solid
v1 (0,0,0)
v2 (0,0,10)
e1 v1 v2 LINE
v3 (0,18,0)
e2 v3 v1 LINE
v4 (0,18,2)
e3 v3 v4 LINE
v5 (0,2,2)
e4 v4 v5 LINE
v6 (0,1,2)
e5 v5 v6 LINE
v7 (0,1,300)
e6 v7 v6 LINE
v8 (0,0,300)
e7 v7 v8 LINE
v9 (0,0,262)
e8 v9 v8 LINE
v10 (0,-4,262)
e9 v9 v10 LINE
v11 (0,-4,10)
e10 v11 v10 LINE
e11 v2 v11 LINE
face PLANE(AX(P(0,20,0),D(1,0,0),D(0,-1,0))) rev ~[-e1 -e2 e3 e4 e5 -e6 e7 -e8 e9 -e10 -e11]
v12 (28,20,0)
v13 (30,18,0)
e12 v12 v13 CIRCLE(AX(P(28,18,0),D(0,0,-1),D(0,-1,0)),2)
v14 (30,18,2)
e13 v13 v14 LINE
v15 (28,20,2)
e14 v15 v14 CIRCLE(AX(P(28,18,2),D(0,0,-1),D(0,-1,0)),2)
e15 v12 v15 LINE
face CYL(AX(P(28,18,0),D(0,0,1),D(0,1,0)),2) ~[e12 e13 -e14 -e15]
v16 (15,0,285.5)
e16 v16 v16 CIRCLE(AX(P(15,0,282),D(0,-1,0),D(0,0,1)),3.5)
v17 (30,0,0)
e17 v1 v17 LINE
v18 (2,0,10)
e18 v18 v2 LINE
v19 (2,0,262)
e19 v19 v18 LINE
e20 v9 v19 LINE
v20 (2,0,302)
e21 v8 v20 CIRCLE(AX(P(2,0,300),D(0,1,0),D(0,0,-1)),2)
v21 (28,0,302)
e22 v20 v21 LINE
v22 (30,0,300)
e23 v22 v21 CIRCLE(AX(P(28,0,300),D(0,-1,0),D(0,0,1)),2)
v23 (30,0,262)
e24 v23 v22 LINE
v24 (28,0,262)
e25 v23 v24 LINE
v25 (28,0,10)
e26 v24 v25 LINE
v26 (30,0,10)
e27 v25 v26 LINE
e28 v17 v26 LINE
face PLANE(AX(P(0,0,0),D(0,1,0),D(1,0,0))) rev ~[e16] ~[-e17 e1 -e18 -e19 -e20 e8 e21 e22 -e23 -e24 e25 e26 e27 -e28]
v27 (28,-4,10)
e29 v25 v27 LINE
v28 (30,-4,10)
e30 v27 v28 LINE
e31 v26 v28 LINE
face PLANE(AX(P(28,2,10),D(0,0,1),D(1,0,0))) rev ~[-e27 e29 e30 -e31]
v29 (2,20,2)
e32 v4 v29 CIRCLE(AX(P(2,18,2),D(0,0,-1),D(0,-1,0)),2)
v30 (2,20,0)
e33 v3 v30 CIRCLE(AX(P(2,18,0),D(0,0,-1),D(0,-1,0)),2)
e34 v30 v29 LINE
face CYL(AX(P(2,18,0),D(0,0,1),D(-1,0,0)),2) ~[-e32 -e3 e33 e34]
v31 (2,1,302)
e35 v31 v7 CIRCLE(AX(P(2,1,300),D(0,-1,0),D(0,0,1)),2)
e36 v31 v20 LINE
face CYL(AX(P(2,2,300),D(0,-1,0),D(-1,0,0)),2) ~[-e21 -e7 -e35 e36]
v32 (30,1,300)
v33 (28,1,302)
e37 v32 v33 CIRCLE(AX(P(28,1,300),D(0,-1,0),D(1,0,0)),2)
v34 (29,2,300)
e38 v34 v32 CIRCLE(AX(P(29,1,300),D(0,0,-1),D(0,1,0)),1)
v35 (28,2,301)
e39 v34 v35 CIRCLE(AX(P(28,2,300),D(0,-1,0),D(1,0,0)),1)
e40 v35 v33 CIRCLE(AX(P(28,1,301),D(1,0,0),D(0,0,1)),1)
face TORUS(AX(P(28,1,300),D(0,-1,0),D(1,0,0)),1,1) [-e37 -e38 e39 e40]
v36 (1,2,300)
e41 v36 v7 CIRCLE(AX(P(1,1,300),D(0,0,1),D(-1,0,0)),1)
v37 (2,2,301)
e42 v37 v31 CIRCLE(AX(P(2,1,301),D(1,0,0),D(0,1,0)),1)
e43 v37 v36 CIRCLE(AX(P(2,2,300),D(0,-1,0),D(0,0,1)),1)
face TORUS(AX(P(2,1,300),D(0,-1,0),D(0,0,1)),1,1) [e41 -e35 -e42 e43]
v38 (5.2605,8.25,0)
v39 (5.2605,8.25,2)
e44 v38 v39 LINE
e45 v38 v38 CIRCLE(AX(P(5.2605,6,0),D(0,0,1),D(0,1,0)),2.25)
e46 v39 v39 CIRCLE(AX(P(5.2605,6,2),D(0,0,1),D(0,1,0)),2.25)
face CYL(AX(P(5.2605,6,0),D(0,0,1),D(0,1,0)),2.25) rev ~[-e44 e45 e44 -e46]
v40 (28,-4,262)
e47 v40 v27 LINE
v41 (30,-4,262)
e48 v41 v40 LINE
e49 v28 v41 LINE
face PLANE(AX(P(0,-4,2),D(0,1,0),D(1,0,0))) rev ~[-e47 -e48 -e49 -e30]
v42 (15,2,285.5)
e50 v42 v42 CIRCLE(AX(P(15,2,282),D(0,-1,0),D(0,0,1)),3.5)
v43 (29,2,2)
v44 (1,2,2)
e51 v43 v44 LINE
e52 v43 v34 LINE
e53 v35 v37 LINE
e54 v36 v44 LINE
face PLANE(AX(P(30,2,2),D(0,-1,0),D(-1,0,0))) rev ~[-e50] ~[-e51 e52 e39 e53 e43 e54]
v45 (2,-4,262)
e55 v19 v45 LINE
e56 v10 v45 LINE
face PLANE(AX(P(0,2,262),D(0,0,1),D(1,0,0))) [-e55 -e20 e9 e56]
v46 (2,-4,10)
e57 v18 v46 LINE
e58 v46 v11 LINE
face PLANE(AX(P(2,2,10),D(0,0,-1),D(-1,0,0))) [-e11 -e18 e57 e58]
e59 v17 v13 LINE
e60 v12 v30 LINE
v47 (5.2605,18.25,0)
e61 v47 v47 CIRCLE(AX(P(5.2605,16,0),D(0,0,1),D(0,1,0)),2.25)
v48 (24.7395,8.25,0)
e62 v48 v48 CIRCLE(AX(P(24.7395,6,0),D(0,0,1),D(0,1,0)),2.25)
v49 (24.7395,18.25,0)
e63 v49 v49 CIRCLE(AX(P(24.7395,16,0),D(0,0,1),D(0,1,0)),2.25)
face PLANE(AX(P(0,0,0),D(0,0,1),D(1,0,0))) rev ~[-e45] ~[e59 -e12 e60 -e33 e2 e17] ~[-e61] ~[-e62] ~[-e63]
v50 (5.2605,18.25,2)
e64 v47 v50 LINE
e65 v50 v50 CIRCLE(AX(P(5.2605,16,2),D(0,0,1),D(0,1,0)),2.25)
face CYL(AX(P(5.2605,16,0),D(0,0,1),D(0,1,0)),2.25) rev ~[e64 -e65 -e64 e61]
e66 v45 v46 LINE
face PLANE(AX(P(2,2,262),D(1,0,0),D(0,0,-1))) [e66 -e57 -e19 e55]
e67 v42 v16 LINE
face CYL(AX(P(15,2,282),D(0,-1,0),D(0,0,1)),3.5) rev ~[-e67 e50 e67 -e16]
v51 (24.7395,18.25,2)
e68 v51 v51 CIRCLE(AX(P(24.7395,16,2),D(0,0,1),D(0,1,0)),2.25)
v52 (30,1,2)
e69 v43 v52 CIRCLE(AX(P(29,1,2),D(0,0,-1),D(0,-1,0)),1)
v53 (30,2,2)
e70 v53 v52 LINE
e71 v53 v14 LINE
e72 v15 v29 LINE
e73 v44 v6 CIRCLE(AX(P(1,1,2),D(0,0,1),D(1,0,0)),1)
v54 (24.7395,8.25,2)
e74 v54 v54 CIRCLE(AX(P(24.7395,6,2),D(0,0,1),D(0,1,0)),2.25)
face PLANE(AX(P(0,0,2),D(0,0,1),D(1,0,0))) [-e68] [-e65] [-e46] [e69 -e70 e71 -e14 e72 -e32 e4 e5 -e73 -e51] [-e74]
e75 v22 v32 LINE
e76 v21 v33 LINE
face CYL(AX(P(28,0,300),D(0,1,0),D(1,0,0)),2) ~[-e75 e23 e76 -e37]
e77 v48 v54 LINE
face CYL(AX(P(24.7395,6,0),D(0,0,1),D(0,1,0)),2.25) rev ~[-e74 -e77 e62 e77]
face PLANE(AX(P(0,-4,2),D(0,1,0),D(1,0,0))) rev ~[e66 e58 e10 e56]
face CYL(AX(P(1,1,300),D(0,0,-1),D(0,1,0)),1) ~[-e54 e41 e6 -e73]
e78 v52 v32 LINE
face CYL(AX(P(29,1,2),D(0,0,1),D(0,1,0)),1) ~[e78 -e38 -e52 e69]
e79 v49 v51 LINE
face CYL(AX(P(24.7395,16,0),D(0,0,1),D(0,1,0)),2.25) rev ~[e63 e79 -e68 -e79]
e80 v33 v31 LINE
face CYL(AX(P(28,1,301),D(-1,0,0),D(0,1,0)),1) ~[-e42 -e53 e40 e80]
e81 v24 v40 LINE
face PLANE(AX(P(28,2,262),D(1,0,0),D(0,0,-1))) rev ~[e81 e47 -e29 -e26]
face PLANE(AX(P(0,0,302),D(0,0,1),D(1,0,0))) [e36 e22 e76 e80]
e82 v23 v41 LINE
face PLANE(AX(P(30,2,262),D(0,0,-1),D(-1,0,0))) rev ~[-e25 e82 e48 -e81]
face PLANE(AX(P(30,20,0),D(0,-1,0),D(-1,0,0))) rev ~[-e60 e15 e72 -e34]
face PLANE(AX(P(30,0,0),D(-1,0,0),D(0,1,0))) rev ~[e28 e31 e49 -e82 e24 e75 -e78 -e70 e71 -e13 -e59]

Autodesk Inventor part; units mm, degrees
ref_plane "YZ Plane" through (0, 0, 0) normal (1, 0, 0) x (0, 1, 0)
ref_plane "XZ Plane" through (0, 0, 0) normal (0, 1, 0) x (-1, 0, 0)
ref_plane "XY Plane" through (0, 0, 0) normal (0, 0, 1) x (1, 0, 0)
sketch "スケッチ1" plane through (0, 0, 0) normal (0, 0, 1) x (1, 0, 0)
  line L0 (0, 0) -> (30, 0)
  line L1 (30, 0) -> (30, 20)
  line L2 (30, 20) -> (0, 20)
  line L3 (0, 20) -> (0, 0)
  dimension "d0" = 30
  dimension "d1" = 20
extrude "押し出し1" add sketch "スケッチ1" along normal blind 2
sketch "スケッチ2" plane through (0, 0, 2) normal (0, 0, 1) x (1, 0, 0)
  line L0 (0, 20) -> (0, 0) projected
  line L1 (0, 0) -> (30, 0)
  line L2 (30, 0) -> (30, 2)
  line L3 (30, 2) -> (0, 2)
  line L4 (0, 2) -> (0, 0)
  dimension "d4" = 2
extrude "押し出し2" add sketch "スケッチ2" along normal blind 300
fillet "フィレット1" radius 2 4 edges at (30, 20, 1) (0, 20, 1) (30, 1, 302) (0, 1, 302)
sketch "スケッチ3" plane through (0, 0, 0) normal (0, 0, -1) x (-1, 0, 0)
  line L0 (-28, 20) -> (-2, 20) projected
  line L1 (-15, 20) -> (-15, 0)
  line L2 (-2, 0) -> (-28, 0) projected
  point P0 (0, 0)
  point P1 (-24.7395, 16)
  point P2 (-5.2605, 16)
  point P3 (-24.7395, 6)
  point P4 (-5.2605, 6)
  dimension "d8" = 4
  dimension "d9" = 10
hole "穴1" at (24.7395, 16, 0) at (5.2605, 16, 0) at (24.7395, 6, 0) at (5.2605, 6, 0) direction (0, 0, 1) diameter 4.5 end through all
sketch "スケッチ4" plane through (0, 2, 2) normal (0, 1, 0) x (1, 0, 0)
  line L0 (2, -300) -> (28, -300) projected
  line L1 (15, -300) -> (15, 2) construction
  line L2 (28, 2) -> (2, 2) projected
  point P0 (0, 2)
  point P1 (15, -280)
  dimension "d17" = 20
hole "穴2" at (15, 2, 282) direction (0, -1, 0) diameter 7 end through all
sketch "スケッチ5" plane through (0, 2, 2) normal (0, 1, 0) x (1, 0, 0)
  line L0 (30, 0) -> (30, -298) projected
  line L1 (28, -8) -> (30, -8)
  line L2 (30, -8) -> (30, -260)
  line L3 (30, -260) -> (28, -260)
  line L4 (28, -260) -> (28, -8)
  line L5 (28, 2) -> (2, 2) projected
  line L6 (28, -300) -> (2, -300) projected
  line L7 (0, 0) -> (30, 0) projected
  line L8 (15, 0) -> (15, -300)
  line L9 (0, 0) -> (0, -298)
  line L10 (2, -8) -> (0, -8)
  line L11 (0, -8) -> (0, -260)
  line L12 (0, -260) -> (2, -260)
  line L13 (2, -260) -> (2, -8)
  point P0 (0, 2)
  dimension "d25" = 10
  dimension "d26" = 2
  dimension "d27" = 40
extrude "押し出し3" add sketch "スケッチ5" against normal blind 6
fillet "フィレット2" radius 1 4 edges at (29.4142, 2, 301.4142) (15, 2, 302) (0.5858, 2, 301.4142) (0, 2, 151)
properties part number "camera_stand" material "アルミニウム 6061"
